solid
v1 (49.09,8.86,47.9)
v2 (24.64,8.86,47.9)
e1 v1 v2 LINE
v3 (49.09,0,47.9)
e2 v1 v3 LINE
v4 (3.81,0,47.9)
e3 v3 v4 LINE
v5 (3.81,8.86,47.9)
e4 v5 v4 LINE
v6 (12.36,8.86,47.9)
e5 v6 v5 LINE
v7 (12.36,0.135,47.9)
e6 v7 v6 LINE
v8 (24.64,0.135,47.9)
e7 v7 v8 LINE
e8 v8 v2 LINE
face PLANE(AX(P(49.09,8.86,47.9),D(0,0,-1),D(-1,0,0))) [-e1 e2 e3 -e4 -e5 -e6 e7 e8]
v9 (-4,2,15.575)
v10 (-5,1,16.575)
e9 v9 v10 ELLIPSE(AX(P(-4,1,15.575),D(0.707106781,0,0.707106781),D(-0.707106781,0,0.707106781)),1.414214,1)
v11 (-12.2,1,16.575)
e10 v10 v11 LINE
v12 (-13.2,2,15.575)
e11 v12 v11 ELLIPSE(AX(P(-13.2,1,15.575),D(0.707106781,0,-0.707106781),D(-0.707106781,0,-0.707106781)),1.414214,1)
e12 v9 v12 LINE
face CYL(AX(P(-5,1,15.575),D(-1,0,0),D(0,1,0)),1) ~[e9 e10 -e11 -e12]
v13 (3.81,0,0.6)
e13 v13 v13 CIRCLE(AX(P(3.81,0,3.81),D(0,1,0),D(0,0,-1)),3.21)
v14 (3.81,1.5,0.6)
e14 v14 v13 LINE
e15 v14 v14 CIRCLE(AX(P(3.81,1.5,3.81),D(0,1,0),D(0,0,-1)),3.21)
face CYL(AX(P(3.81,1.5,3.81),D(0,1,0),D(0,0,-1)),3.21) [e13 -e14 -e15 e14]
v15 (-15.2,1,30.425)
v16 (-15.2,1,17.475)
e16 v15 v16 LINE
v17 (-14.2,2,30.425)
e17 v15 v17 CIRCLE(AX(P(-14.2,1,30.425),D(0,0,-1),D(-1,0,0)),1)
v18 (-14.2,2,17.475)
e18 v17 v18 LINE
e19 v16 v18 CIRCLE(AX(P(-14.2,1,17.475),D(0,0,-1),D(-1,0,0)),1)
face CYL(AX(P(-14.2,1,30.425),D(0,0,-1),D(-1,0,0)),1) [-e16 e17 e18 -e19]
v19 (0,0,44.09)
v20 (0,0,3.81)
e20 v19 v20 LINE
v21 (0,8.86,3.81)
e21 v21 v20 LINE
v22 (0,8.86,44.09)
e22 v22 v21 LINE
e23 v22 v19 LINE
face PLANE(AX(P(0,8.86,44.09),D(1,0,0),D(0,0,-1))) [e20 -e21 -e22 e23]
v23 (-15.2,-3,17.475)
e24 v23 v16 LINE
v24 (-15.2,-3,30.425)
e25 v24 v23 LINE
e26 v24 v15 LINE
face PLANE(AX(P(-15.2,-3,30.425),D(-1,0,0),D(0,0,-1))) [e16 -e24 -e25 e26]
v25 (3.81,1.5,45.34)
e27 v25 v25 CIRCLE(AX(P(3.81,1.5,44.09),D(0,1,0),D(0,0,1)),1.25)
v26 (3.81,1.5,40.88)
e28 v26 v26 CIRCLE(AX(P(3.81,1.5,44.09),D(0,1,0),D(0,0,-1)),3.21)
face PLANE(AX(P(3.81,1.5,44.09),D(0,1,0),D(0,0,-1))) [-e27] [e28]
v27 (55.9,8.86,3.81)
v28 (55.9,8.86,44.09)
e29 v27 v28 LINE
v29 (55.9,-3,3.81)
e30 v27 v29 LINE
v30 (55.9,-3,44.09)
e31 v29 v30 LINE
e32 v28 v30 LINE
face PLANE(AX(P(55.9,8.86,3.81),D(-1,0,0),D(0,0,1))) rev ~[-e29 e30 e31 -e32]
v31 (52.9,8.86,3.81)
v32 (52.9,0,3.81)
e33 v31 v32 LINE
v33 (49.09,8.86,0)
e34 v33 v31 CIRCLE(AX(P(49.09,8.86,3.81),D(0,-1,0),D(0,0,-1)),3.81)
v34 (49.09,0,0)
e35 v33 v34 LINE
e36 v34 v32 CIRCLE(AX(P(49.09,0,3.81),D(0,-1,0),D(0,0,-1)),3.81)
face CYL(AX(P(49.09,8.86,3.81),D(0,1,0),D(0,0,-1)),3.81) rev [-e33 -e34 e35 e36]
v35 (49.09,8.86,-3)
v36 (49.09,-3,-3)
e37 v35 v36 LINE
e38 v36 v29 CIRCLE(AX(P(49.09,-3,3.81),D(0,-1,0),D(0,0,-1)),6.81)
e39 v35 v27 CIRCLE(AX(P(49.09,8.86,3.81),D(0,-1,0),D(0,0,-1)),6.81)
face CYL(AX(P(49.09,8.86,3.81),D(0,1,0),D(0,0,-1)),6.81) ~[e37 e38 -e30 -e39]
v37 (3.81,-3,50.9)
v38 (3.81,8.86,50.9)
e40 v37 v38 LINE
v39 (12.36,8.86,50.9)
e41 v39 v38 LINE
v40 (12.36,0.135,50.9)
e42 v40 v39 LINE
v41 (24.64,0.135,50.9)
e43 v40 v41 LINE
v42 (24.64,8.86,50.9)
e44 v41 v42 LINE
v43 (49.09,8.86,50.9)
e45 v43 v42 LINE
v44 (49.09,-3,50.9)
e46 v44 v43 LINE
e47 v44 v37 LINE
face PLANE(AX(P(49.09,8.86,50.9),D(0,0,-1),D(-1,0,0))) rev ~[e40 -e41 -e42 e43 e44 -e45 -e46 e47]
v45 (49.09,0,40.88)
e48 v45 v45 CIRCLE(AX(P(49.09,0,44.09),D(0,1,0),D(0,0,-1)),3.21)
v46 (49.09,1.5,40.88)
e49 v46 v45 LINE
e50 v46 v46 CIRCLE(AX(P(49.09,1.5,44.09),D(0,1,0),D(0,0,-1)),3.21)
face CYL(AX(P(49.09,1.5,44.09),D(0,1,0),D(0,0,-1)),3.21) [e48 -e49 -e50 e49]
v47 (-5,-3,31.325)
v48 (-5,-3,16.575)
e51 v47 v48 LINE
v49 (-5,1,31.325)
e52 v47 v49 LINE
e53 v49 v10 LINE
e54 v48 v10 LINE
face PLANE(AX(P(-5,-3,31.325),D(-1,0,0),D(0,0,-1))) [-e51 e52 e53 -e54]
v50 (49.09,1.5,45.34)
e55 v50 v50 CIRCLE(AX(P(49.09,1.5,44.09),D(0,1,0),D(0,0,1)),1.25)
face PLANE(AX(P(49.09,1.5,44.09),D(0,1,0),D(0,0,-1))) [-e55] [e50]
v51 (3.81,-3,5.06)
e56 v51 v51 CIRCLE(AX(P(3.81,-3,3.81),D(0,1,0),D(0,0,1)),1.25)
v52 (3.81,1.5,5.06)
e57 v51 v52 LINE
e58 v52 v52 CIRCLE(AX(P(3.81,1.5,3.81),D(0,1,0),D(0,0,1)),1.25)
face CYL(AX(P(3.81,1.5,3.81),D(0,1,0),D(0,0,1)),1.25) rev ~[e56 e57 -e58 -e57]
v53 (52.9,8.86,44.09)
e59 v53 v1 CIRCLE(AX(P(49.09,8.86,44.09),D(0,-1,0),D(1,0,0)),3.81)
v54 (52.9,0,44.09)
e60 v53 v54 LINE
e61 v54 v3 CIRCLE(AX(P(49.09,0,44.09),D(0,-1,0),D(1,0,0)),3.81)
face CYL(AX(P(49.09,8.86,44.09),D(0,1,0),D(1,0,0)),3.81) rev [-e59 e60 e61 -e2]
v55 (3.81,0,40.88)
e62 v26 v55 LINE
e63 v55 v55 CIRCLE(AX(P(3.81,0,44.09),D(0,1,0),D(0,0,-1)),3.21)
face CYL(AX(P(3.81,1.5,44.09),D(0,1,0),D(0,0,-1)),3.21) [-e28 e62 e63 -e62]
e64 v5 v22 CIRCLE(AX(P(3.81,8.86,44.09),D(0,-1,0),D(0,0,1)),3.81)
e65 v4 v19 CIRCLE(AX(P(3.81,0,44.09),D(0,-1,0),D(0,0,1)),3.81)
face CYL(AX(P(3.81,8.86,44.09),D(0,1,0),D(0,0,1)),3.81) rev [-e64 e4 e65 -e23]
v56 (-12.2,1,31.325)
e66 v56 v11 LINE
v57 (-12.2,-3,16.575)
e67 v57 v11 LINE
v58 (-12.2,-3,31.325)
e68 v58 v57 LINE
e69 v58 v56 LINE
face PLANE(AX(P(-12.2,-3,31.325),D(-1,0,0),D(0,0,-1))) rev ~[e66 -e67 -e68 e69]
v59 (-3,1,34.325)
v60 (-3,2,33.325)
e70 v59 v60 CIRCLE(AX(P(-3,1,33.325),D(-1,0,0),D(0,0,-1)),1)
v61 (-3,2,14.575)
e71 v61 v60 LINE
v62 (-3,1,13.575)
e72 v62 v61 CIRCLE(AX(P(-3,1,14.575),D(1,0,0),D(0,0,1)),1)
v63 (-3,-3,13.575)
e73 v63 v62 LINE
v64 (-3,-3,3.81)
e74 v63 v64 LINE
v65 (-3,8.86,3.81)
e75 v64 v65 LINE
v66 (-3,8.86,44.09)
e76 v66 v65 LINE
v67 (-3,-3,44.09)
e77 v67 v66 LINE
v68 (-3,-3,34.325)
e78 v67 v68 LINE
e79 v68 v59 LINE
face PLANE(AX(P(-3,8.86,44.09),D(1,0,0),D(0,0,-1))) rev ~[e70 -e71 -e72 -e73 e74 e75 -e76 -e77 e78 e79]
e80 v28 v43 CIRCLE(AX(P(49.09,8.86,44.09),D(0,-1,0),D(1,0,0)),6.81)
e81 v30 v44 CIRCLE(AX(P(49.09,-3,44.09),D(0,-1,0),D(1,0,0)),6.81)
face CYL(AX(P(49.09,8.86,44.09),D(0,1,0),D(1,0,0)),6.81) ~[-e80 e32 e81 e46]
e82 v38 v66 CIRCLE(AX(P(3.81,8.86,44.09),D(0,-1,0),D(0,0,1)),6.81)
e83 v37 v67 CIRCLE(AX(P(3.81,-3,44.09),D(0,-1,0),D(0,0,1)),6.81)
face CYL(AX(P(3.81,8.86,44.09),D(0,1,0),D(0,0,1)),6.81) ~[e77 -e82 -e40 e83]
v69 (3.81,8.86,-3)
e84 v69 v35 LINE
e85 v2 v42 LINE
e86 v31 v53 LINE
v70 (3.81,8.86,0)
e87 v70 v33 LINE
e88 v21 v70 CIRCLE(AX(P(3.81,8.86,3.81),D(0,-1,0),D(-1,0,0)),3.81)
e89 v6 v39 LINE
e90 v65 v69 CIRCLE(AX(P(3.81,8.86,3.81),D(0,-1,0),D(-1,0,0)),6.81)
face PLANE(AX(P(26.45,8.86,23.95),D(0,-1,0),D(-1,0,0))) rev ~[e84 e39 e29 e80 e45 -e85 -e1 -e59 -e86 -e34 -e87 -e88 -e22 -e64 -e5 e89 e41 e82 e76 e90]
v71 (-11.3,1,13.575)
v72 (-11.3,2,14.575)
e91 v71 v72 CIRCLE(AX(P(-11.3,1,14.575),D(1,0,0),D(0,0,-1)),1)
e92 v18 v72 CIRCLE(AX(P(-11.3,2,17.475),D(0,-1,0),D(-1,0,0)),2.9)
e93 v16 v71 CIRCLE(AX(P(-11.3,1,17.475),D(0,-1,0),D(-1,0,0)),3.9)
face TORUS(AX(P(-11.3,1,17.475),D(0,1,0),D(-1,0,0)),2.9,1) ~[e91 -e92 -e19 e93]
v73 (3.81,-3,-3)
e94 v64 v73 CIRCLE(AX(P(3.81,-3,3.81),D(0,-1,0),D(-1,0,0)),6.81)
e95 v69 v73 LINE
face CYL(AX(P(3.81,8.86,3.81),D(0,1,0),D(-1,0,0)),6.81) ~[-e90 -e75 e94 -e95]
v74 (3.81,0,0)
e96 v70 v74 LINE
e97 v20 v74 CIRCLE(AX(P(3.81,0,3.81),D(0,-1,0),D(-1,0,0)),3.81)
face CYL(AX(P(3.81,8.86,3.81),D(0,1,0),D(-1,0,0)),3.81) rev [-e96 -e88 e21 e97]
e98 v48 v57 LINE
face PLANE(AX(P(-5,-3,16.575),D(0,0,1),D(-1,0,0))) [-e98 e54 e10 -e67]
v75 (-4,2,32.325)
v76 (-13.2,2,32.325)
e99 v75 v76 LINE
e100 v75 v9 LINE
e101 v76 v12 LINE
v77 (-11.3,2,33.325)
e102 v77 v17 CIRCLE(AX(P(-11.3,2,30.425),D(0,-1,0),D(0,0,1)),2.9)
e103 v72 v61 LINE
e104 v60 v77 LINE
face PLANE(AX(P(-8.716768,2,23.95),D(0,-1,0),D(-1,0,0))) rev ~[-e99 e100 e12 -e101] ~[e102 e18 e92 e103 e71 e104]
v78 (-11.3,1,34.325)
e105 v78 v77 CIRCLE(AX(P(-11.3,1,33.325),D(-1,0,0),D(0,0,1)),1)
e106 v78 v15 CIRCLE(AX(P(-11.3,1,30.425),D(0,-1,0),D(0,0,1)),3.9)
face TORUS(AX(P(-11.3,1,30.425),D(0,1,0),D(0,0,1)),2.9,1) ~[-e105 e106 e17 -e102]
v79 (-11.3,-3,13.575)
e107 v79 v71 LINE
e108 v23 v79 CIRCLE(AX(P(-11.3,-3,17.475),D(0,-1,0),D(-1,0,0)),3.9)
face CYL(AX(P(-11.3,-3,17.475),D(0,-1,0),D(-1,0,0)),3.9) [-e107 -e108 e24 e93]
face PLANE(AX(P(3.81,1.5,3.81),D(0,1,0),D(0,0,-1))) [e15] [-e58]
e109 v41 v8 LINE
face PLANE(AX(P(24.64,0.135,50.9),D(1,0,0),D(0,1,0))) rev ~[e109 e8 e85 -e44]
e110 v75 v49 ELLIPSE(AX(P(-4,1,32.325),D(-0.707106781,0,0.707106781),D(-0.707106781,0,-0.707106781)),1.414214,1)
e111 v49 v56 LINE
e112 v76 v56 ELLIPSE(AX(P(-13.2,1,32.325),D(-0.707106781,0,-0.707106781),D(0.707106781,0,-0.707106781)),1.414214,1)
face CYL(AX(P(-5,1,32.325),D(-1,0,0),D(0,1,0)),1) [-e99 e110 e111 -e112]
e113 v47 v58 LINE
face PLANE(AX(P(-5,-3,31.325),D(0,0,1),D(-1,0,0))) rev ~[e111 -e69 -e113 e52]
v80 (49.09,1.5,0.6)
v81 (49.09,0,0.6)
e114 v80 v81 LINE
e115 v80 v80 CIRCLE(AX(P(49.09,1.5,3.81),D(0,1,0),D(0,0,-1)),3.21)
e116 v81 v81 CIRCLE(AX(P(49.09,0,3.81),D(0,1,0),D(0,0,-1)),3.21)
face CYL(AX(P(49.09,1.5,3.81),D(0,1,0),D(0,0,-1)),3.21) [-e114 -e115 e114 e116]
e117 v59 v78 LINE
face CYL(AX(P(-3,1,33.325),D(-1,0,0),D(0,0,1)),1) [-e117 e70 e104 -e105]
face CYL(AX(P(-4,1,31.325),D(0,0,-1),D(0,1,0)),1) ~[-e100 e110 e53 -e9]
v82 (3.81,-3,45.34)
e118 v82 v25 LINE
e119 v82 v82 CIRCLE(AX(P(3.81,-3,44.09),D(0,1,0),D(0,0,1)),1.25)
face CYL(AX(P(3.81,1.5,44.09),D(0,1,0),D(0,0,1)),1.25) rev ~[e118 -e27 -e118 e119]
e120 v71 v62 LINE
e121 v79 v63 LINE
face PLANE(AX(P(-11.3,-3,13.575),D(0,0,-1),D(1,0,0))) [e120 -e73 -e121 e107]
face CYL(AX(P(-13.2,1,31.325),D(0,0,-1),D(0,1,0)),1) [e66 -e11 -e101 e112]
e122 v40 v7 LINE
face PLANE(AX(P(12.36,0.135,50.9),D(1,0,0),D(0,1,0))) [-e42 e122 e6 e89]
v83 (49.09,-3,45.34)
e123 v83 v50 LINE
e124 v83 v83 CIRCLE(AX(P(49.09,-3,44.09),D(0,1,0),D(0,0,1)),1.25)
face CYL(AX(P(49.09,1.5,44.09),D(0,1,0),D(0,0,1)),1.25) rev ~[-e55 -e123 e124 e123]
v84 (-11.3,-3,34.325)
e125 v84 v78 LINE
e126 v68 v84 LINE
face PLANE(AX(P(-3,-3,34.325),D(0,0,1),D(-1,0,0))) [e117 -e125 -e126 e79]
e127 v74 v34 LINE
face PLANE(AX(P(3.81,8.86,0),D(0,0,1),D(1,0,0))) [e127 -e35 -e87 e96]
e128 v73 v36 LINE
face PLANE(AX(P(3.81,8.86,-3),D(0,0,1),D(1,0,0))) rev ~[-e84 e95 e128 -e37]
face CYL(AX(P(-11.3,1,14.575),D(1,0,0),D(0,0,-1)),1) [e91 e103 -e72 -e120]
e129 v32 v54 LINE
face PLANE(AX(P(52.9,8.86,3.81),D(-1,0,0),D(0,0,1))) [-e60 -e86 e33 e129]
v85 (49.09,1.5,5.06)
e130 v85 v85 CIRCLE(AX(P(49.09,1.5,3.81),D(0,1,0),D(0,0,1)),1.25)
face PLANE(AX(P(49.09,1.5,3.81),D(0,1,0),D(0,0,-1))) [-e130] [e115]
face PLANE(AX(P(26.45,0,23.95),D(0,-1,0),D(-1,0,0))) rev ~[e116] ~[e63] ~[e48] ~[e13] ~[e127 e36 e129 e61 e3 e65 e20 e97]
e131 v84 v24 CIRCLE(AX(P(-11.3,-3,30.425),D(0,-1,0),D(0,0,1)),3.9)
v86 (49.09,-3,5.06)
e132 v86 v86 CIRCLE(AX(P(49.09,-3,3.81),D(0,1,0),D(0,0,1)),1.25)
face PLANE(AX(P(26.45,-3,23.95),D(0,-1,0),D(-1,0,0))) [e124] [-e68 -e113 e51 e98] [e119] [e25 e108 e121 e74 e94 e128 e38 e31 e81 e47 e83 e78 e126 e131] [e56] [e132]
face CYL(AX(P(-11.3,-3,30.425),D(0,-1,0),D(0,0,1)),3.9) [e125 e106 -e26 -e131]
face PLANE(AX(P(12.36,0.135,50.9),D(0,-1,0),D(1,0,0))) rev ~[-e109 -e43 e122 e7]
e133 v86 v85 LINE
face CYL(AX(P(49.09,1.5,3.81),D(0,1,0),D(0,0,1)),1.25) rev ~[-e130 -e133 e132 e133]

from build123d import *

# Parameters (mm, degrees)
BOSS_EXTRUDE1_DEPTH = 3
CUT_EXTRUDE1_REACH  = 77.661
SKETCH1_3_R         = 1.25
BOSS_EXTRUDE2_START = 8.86
BOSS_EXTRUDE2_DEPTH = 8.86
BOSS_EXTRUDE3_START = 1.5
SKETCH1_5_R         = 3.21
SKETCH1_5_R_2       = 1.25
BOSS_EXTRUDE3_DEPTH = 1.5
SKETCH2_W           = 12.28
SKETCH2_H           = 8.73
CUT_EXTRUDE2_DEPTH  = 3
SKETCH7_W           = 7.2
SKETCH7_H           = 14.75
BOSS_EXTRUDE6_DEPTH = 5
FILLET3_R           = 1


with BuildPart() as part:
    # Sketch1 → Boss-Extrude1 (new body)
    with BuildSketch(Plane(origin=(0, 0, 0), x_dir=(1, 0, 0), z_dir=(0, 1, 0))):
        with BuildLine():
            Line((3.81, 3), (49.09, 3))
            ThreePointArc((49.09, 3), (53.90539718, 1.00539718), (55.9, -3.81))
            Line((55.9, -3.81), (55.9, -44.09))
            ThreePointArc((55.9, -44.09), (53.90539718, -48.90539718), (49.09, -50.9))
            Line((49.09, -50.9), (3.81, -50.9))
            ThreePointArc((3.81, -50.9), (-1.00539718, -48.90539718), (-3, -44.09))
            Line((-3, -44.09), (-3, -3.81))
            ThreePointArc((-3, -3.81), (-1.00539718, 1.00539718), (3.81, 3))
        make_face()
    extrude(amount=-BOSS_EXTRUDE1_DEPTH)

    # Sketch1<3> → Cut-Extrude1 (cut, up to next)
    with BuildSketch(Plane(origin=(0, 0, 0), x_dir=(1, 0, 0), z_dir=(0, 1, 0)), mode=Mode.PRIVATE) as cut_extrude1_sk1:
        with Locations((49.09, -44.09)):
            Circle(SKETCH1_3_R)
    cut_extrude1_tool1 = extrude(cut_extrude1_sk1.sketch, amount=-CUT_EXTRUDE1_REACH, mode=Mode.PRIVATE) & part.part
    # Sketch1<3> → Cut-Extrude1 (cut, up to next)
    with BuildSketch(Plane(origin=(0, 0, 0), x_dir=(1, 0, 0), z_dir=(0, 1, 0)), mode=Mode.PRIVATE) as cut_extrude1_sk2:
        with Locations((3.81, -44.09)):
            Circle(SKETCH1_3_R)
    cut_extrude1_tool2 = extrude(cut_extrude1_sk2.sketch, amount=-CUT_EXTRUDE1_REACH, mode=Mode.PRIVATE) & part.part
    # Sketch1<3> → Cut-Extrude1 (cut, up to next)
    with BuildSketch(Plane(origin=(0, 0, 0), x_dir=(1, 0, 0), z_dir=(0, 1, 0)), mode=Mode.PRIVATE) as cut_extrude1_sk3:
        with Locations((3.81, -3.81)):
            Circle(SKETCH1_3_R)
    cut_extrude1_tool3 = extrude(cut_extrude1_sk3.sketch, amount=-CUT_EXTRUDE1_REACH, mode=Mode.PRIVATE) & part.part
    # Sketch1<3> → Cut-Extrude1 (cut, up to next)
    with BuildSketch(Plane(origin=(0, 0, 0), x_dir=(1, 0, 0), z_dir=(0, 1, 0)), mode=Mode.PRIVATE) as cut_extrude1_sk4:
        with Locations((49.09, -3.81)):
            Circle(SKETCH1_3_R)
    cut_extrude1_tool4 = extrude(cut_extrude1_sk4.sketch, amount=-CUT_EXTRUDE1_REACH, mode=Mode.PRIVATE) & part.part
    add(cut_extrude1_tool1.solids().sort_by_distance((49.09, 0, 44.09))[0], mode=Mode.SUBTRACT)
    add(cut_extrude1_tool2.solids().sort_by_distance((3.81, 0, 44.09))[0], mode=Mode.SUBTRACT)
    add(cut_extrude1_tool3.solids().sort_by_distance((3.81, 0, 3.81))[0], mode=Mode.SUBTRACT)
    add(cut_extrude1_tool4.solids().sort_by_distance((49.09, 0, 3.81))[0], mode=Mode.SUBTRACT)

    # Sketch1<4> → Boss-Extrude2 (add)
    with BuildSketch(Plane(origin=(0, 0, 0), x_dir=(1, 0, 0), z_dir=(0, 1, 0)).offset(BOSS_EXTRUDE2_START)):
        with BuildLine():
            Line((49.09, 3), (3.81, 3))
            ThreePointArc((3.81, 3), (-1.00539718, 1.00539718), (-3, -3.81))
            Line((-3, -3.81), (-3, -44.09))
            ThreePointArc((-3, -44.09), (-1.00539718, -48.90539718), (3.81, -50.9))
            Line((3.81, -50.9), (49.09, -50.9))
            ThreePointArc((49.09, -50.9), (53.90539718, -48.90539718), (55.9, -44.09))
            Line((55.9, -44.09), (55.9, -3.81))
            ThreePointArc((55.9, -3.81), (53.90539718, 1.00539718), (49.09, 3))
        make_face()
        with BuildLine():
            ThreePointArc((0, -3.81), (1.115923164, -1.115923164), (3.81, 0))
            Line((3.81, 0), (49.09, 0))
            ThreePointArc((49.09, 0), (51.784076836, -1.115923164), (52.9, -3.81))
            Line((52.9, -3.81), (52.9, -44.09))
            ThreePointArc((52.9, -44.09), (51.784076836, -46.784076836), (49.09, -47.9))
            Line((49.09, -47.9), (3.81, -47.9))
            ThreePointArc((3.81, -47.9), (1.115923164, -46.784076836), (0, -44.09))
            Line((0, -44.09), (0, -3.81))
        make_face(mode=Mode.SUBTRACT)
    extrude(amount=-BOSS_EXTRUDE2_DEPTH)

    # Sketch1<5> → Boss-Extrude3 (add)
    # profile 1 of 4: a face of its own
    with BuildSketch(Plane(origin=(0, 0, 0), x_dir=(1, 0, 0), z_dir=(0, 1, 0)).offset(BOSS_EXTRUDE3_START)):
        with Locations((3.81, -3.81)):
            Circle(SKETCH1_5_R)
        with Locations((3.81, -3.81)):
            Circle(SKETCH1_5_R_2, mode=Mode.SUBTRACT)
    # profile 2 of 4: a face of its own
    with BuildSketch(Plane(origin=(0, 0, 0), x_dir=(1, 0, 0), z_dir=(0, 1, 0)).offset(BOSS_EXTRUDE3_START)):
        with Locations((49.09, -3.81)):
            Circle(SKETCH1_5_R)
        with Locations((49.09, -3.81)):
            Circle(SKETCH1_5_R_2, mode=Mode.SUBTRACT)
    # profile 3 of 4: a face of its own
    with BuildSketch(Plane(origin=(0, 0, 0), x_dir=(1, 0, 0), z_dir=(0, 1, 0)).offset(BOSS_EXTRUDE3_START)):
        with Locations((49.09, -44.09)):
            Circle(SKETCH1_5_R)
        with Locations((49.09, -44.09)):
            Circle(SKETCH1_5_R_2, mode=Mode.SUBTRACT)
    # profile 4 of 4: a face of its own
    with BuildSketch(Plane(origin=(0, 0, 0), x_dir=(1, 0, 0), z_dir=(0, 1, 0)).offset(BOSS_EXTRUDE3_START)):
        with Locations((3.81, -44.09)):
            Circle(SKETCH1_5_R)
        with Locations((3.81, -44.09)):
            Circle(SKETCH1_5_R_2, mode=Mode.SUBTRACT)
    extrude(amount=-BOSS_EXTRUDE3_DEPTH)

    # Sketch2 → Cut-Extrude2 (cut)
    with BuildSketch(Plane.XY.offset(50.9)):
        with Locations((18.5, 4.5)):
            Rectangle(SKETCH2_W, SKETCH2_H)
    extrude(amount=-CUT_EXTRUDE2_DEPTH, mode=Mode.SUBTRACT)

    # Sketch7 → Boss-Extrude6 (add)
    with BuildSketch(Plane(origin=(0, -3, 0), x_dir=(-1, 0, 0), z_dir=(0, -1, 0))):
        with BuildLine():
            Line((3, -34.325), (11.3, -34.325))
            ThreePointArc((11.3, -34.325), (14.057716447, -33.182716447), (15.2, -30.425))
            Line((15.2, -30.425), (15.2, -17.475))
            ThreePointArc((15.2, -17.475), (14.057716447, -14.717283553), (11.3, -13.575))
            Line((11.3, -13.575), (3, -13.575))
            Line((3, -13.575), (3, -34.325))
        make_face()
        with Locations((8.6, -23.95)):
            Rectangle(SKETCH7_W, SKETCH7_H, mode=Mode.SUBTRACT)
    extrude(amount=-BOSS_EXTRUDE6_DEPTH)

    # Fillet3
    fillet3_edges = [part.edges().sort_by_distance(p)[0] for p in [
        (-7.15, 2, 34.325),
        (-14.057716447, 2, 33.182716447),
        (-15.2, 2, 23.95),
        (-14.057716447, 2, 14.717283553),
        (-7.15, 2, 13.575),
        (-8.6, 2, 16.575),
        (-5, 2, 23.95),
        (-12.2, 2, 23.95),
        (-8.6, 2, 31.325),
    ]]
    fillet(fillet3_edges, radius=FILLET3_R)


solid = part.part
